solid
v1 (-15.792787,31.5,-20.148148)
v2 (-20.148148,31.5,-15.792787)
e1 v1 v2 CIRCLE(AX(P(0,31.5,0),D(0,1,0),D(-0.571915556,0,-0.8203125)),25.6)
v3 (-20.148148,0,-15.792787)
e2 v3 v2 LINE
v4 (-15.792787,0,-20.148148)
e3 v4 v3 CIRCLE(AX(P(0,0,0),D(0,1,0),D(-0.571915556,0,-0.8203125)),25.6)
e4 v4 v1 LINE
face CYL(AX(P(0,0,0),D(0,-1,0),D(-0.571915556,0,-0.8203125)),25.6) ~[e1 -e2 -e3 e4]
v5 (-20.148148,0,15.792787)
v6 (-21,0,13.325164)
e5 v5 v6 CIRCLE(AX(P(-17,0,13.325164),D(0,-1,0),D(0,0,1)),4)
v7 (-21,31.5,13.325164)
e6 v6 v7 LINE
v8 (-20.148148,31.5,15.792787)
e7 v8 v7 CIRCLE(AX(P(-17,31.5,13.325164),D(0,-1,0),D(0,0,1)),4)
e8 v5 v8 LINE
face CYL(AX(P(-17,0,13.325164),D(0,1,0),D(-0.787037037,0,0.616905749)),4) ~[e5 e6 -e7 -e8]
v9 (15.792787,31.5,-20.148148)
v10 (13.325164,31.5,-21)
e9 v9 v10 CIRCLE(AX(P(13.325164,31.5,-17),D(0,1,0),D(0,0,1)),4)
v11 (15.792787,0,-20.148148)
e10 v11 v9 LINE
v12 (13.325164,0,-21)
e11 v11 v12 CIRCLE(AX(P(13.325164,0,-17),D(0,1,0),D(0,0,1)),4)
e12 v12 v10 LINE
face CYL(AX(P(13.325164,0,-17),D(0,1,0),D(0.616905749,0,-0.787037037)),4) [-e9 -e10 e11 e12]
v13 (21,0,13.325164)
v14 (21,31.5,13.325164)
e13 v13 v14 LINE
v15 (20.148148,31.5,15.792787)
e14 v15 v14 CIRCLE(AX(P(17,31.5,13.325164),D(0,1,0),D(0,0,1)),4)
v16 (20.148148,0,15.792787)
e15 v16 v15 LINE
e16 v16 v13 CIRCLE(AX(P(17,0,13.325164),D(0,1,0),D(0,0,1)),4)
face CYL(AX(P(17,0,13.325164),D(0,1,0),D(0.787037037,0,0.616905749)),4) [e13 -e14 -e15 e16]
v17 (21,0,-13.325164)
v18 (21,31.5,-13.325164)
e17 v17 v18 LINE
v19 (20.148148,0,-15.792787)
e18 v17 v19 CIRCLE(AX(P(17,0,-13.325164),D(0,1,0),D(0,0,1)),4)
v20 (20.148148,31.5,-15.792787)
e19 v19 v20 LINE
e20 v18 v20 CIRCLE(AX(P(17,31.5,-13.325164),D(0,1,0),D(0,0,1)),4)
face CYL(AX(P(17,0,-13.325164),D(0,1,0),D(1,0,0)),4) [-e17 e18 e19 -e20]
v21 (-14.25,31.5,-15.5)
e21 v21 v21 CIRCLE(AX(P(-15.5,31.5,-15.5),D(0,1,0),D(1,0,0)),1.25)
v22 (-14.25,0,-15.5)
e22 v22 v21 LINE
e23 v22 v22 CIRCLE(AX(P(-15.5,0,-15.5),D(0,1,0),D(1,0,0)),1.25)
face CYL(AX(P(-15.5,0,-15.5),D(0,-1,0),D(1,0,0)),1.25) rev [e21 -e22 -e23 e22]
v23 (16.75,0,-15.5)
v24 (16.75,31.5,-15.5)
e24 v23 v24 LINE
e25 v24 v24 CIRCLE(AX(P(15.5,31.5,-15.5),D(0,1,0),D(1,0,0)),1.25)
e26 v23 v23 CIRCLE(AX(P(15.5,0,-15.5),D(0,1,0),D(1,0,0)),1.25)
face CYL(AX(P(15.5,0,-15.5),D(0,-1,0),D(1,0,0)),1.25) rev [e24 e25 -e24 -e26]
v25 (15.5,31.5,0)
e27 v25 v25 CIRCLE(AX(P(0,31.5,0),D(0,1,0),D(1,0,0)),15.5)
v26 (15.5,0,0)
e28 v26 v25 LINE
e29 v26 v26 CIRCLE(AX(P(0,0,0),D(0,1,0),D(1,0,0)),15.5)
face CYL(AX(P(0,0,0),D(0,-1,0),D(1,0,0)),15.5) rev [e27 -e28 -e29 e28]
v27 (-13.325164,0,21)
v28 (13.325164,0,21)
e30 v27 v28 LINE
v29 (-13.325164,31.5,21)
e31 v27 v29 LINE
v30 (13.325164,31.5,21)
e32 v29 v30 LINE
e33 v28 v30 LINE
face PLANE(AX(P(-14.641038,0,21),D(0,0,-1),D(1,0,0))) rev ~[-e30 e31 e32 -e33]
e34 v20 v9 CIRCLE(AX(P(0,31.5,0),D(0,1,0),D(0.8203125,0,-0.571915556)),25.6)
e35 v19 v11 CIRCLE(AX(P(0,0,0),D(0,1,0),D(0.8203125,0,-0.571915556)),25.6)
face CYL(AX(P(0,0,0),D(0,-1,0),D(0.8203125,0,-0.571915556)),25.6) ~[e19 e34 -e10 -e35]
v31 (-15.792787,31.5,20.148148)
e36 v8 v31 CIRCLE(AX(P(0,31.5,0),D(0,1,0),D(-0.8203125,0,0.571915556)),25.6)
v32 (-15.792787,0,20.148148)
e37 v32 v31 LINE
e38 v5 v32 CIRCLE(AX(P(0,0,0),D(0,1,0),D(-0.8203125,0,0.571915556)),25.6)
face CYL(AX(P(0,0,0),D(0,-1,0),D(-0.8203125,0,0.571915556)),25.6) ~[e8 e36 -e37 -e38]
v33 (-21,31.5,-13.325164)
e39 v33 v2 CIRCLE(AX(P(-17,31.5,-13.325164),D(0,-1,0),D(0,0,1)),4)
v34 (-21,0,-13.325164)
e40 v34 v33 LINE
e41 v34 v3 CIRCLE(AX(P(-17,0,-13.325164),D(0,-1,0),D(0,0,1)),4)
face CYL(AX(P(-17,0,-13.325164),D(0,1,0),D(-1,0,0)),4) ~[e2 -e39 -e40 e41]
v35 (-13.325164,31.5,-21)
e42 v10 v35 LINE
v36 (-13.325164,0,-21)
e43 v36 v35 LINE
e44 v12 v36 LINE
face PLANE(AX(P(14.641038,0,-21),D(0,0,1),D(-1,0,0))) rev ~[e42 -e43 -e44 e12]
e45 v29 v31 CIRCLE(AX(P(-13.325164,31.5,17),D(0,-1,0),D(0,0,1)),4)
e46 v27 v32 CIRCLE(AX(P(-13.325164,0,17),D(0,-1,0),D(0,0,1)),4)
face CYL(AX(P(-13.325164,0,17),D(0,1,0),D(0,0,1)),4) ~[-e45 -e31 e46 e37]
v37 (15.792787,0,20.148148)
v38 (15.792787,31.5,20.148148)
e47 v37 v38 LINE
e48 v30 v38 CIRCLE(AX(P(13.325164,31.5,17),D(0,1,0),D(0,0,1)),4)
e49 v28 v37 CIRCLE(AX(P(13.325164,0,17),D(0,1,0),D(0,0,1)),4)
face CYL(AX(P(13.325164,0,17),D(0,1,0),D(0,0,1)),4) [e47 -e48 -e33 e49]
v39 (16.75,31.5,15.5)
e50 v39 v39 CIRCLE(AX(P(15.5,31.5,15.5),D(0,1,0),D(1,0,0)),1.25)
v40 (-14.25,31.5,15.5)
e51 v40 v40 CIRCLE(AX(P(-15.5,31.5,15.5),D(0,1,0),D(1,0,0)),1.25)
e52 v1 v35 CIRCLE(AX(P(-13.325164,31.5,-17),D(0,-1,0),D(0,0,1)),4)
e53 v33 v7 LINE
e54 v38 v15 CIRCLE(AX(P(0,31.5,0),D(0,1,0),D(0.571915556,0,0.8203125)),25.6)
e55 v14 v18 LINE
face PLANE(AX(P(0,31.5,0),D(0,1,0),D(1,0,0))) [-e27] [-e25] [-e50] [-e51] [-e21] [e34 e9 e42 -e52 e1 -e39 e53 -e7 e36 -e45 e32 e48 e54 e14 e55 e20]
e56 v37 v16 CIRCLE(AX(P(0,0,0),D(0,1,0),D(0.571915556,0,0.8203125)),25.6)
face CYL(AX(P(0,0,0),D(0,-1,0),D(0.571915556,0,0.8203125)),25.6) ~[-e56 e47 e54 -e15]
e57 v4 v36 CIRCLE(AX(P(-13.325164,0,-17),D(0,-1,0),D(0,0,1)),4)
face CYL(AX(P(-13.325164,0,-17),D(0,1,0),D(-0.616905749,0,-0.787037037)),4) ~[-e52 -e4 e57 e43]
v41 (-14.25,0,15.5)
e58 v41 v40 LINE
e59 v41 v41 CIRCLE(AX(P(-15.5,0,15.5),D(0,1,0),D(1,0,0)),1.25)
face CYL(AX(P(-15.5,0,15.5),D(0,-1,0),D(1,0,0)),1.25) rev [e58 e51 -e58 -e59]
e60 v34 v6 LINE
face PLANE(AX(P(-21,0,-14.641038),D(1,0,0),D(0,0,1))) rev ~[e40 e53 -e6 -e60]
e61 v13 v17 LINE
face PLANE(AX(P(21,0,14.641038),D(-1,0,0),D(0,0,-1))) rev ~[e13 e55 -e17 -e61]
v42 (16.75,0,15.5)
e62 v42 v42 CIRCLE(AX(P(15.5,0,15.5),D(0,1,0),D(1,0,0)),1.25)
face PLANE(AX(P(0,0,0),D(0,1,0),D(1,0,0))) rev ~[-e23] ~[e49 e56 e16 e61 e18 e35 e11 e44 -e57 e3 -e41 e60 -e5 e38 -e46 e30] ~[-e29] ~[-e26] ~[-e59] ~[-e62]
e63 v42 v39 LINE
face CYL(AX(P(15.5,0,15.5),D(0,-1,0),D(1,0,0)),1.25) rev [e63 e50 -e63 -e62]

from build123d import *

# Parameters (mm, degrees)
SKETCH_1_R      = 1.25
SKETCH_1_R_2    = 15.5
EXTRUDE_1_DEPTH = 31.5
FILLET_1_R      = 4


with BuildPart() as part:
    # Эскиз1 → Бобышка-Вытянуть1 (new body)
    with BuildSketch(Plane(origin=(0, 0, 0), x_dir=(1, 0, 0), z_dir=(0, 1, 0))):
        with BuildLine():
            Line((-14.641038215, -21), (14.641038215, -21))
            ThreePointArc((14.641038215, -21), (18.101933598, -18.101933598), (21, -14.641038215))
            Line((21, -14.641038215), (21, 14.641038215))
            ThreePointArc((21, 14.641038215), (18.101933598, 18.101933598), (14.641038215, 21))
            Line((14.641038215, 21), (-14.641038215, 21))
            ThreePointArc((-14.641038215, 21), (-18.101933598, 18.101933598), (-21, 14.641038215))
            Line((-21, 14.641038215), (-21, -14.641038215))
            ThreePointArc((-21, -14.641038215), (-18.101933598, -18.101933598), (-14.641038215, -21))
        make_face()
        with Locations((-15.5, 15.5)):
            Circle(SKETCH_1_R, mode=Mode.SUBTRACT)
        with Locations((15.5, 15.5)):
            Circle(SKETCH_1_R, mode=Mode.SUBTRACT)
        with Locations((15.5, -15.5)):
            Circle(SKETCH_1_R, mode=Mode.SUBTRACT)
        with Locations((-15.5, -15.5)):
            Circle(SKETCH_1_R, mode=Mode.SUBTRACT)
        Circle(SKETCH_1_R_2, mode=Mode.SUBTRACT)
    extrude(amount=EXTRUDE_1_DEPTH)

    # Скругление1
    fillet_1_edges = [part.edges().sort_by_distance(p)[0] for p in [
        (21, 15.75, -14.641038215),
        (21, 15.75, 14.641038215),
        (14.641038215, 15.75, 21),
        (-14.641038215, 15.75, 21),
        (-21, 15.75, 14.641038215),
        (-21, 15.75, -14.641038215),
        (-14.641038215, 15.75, -21),
        (14.641038215, 15.75, -21),
    ]]
    fillet(fillet_1_edges, radius=FILLET_1_R)


solid = part.part
